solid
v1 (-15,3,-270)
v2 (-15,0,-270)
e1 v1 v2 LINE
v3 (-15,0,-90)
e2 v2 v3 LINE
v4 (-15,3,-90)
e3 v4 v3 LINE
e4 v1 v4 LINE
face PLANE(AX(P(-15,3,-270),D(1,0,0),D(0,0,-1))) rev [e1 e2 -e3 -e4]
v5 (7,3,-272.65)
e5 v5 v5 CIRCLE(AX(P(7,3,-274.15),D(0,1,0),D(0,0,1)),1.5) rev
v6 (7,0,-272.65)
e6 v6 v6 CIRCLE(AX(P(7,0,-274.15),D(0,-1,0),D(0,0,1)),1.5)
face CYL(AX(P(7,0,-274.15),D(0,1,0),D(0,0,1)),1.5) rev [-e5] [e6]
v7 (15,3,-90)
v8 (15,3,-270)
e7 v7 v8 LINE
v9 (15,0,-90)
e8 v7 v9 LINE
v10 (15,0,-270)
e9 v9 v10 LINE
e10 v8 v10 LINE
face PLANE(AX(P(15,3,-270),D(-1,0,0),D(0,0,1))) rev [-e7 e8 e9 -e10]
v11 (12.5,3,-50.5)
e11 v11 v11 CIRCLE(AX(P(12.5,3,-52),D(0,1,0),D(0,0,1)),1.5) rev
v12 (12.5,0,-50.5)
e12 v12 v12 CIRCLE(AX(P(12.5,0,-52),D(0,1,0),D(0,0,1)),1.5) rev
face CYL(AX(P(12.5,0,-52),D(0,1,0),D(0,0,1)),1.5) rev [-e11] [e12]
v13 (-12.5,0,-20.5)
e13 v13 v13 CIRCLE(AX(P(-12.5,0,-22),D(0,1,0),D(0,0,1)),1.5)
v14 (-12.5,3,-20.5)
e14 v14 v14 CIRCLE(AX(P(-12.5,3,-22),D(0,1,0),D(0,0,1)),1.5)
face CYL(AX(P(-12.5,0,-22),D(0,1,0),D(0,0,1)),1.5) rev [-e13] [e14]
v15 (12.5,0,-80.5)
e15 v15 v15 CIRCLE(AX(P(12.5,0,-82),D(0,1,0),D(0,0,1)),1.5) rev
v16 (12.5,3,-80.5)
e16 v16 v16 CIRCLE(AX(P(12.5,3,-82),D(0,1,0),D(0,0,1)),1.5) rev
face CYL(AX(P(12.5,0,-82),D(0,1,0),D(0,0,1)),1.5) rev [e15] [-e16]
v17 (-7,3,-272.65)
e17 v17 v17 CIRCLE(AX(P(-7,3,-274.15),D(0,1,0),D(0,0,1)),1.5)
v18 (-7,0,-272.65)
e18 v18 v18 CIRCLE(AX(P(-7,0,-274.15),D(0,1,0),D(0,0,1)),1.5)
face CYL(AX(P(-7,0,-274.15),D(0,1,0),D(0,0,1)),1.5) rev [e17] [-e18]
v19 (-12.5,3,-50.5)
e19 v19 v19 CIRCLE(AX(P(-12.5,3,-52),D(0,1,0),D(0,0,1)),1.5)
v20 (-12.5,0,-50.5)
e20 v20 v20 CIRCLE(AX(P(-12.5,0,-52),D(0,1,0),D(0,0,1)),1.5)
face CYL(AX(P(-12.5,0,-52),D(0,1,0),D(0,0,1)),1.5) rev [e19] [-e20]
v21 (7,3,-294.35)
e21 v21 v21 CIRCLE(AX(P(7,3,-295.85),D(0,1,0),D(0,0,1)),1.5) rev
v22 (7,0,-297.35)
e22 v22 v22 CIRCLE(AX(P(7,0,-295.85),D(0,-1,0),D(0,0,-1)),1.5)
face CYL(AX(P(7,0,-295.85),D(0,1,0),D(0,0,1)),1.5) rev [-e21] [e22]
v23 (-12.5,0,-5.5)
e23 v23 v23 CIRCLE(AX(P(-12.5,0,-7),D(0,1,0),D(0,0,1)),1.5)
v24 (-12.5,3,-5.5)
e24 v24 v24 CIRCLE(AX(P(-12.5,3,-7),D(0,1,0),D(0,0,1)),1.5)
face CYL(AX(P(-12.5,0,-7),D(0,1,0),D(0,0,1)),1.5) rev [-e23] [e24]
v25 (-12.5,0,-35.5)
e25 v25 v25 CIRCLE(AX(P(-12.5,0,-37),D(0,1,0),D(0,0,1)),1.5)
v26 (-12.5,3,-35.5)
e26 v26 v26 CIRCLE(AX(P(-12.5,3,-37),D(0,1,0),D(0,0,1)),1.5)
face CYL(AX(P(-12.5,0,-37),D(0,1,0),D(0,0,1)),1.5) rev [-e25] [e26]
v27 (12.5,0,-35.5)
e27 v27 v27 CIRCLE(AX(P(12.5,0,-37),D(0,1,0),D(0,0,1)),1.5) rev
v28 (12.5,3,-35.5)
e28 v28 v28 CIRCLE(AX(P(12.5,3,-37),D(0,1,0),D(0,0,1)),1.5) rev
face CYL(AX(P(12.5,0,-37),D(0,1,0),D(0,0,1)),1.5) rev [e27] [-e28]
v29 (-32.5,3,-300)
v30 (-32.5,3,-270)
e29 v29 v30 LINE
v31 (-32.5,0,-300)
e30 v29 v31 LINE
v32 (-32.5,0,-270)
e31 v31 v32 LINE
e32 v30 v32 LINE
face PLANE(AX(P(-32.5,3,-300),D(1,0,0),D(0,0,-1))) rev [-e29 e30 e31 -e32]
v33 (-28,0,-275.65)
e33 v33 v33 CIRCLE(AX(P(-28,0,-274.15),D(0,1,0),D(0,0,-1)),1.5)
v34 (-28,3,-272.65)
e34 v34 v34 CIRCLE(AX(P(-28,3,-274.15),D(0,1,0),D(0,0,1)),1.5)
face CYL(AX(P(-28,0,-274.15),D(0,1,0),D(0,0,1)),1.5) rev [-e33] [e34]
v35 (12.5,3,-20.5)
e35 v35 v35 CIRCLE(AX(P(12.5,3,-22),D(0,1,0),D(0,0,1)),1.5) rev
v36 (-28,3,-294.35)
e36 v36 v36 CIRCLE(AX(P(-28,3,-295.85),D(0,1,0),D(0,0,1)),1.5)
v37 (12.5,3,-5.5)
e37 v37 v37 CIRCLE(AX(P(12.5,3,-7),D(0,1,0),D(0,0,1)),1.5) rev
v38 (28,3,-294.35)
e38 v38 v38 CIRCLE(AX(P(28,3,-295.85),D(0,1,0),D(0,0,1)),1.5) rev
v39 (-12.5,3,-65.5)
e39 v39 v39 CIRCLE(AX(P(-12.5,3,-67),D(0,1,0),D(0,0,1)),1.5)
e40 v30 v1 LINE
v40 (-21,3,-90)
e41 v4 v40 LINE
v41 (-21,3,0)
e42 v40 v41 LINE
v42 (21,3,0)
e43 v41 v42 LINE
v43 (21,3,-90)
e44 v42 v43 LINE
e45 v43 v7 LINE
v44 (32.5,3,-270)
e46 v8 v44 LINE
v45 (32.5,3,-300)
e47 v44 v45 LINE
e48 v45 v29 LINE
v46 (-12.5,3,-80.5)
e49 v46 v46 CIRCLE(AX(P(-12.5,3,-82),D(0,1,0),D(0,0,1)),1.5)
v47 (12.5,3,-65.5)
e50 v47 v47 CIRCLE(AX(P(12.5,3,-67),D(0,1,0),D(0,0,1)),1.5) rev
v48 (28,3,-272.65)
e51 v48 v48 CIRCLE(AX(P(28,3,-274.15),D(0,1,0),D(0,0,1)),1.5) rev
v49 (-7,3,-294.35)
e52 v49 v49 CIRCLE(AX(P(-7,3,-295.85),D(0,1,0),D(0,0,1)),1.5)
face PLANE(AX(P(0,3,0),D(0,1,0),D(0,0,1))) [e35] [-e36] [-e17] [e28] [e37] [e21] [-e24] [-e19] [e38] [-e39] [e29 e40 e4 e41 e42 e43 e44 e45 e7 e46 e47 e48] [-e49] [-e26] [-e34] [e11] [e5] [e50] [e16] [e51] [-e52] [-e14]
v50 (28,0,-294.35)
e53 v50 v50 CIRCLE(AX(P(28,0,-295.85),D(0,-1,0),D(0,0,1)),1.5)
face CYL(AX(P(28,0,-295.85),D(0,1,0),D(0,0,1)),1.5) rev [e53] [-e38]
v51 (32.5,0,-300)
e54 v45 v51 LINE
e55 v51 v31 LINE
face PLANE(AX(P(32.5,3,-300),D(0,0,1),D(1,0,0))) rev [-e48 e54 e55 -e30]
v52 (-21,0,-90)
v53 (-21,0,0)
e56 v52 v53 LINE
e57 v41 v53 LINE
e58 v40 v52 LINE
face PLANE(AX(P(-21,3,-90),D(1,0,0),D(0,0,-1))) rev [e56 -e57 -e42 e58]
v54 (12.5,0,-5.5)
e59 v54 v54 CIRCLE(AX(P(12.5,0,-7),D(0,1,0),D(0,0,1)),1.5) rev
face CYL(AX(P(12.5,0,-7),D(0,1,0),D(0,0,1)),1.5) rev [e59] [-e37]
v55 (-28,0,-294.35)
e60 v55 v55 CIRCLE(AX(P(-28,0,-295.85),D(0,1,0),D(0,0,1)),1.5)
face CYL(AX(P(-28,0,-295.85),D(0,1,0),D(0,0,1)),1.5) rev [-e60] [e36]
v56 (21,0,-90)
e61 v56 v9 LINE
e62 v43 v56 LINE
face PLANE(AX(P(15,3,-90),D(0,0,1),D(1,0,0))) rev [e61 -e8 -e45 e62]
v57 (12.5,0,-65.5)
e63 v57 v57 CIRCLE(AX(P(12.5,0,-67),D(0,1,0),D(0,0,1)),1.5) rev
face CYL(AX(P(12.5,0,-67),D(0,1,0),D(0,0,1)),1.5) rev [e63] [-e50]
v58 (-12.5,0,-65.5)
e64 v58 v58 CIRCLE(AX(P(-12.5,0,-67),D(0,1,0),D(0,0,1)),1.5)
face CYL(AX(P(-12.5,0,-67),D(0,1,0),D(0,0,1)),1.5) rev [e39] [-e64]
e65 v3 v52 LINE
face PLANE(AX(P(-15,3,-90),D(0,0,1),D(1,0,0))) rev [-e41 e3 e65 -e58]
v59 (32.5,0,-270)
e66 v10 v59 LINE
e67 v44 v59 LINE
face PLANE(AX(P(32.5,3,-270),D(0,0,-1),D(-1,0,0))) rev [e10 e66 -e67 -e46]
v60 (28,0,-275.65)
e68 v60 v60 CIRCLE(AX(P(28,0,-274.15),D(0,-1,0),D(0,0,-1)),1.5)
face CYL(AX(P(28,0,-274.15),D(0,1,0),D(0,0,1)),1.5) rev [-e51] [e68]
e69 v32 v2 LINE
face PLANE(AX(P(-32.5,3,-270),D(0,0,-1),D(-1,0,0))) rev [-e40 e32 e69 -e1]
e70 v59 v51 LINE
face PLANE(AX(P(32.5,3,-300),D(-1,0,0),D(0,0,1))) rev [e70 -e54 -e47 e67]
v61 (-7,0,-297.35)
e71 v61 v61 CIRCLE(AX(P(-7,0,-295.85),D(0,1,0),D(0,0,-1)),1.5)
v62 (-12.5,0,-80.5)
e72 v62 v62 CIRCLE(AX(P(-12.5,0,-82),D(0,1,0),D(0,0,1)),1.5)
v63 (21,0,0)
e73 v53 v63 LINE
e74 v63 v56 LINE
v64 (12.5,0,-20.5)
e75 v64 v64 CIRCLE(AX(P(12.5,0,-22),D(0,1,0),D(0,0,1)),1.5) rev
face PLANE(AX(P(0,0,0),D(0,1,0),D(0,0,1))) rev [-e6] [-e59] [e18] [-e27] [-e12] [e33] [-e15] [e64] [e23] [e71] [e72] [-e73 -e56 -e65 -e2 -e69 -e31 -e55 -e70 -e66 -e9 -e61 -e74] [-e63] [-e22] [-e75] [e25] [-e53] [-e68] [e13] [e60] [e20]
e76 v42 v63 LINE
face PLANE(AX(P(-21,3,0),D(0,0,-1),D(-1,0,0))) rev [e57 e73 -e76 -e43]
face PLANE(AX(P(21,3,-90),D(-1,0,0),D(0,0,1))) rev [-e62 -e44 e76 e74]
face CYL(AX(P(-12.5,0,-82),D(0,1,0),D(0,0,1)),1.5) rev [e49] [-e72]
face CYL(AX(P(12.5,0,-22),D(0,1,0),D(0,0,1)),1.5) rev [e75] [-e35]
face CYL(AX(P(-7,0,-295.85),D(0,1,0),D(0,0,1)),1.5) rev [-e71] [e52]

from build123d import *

# Parameters (mm, degrees)
BOSS_EXTRUDE1_DEPTH = 3
SKETCH2_R           = 1.5
CUT_EXTRUDE1_DEPTH  = 302.770194022
SKETCH3_R           = 1.5
CUT_EXTRUDE2_DEPTH  = 302.770194022
LPATTERN1_COUNT     = 6
LPATTERN1_PITCH     = 15


with BuildPart() as part:
    # Sketch1 → Boss-Extrude1 (new body)
    with BuildSketch(Plane(origin=(0, 0, 0), x_dir=(1, 0, 0), z_dir=(0, 1, 0))):
        Polygon((32.5, 300), (-32.5, 300), (-32.5, 270), (-15, 270), (-15, 90), (-21, 90), (-21, 0), (21, 0), (21, 90), (15, 90), (15, 270), (32.5, 270), align=None)
    extrude(amount=BOSS_EXTRUDE1_DEPTH)

    # Sketch2 → Cut-Extrude1 (cut, symmetric)
    with BuildSketch(Plane(origin=(0, 3, 0), x_dir=(1, 0, 0), z_dir=(0, 1, 0))):
        with Locations(Location((-28, 295.85, 0), (0, 0, 270))):
            Circle(SKETCH2_R)
        with Locations(Location((-7, 295.85, 0), (0, 0, 270))):
            Circle(SKETCH2_R)
        with Locations(Location((-28, 274.15, 0), (0, 0, 270))):
            Circle(SKETCH2_R)
        with Locations(Location((-7, 274.15, 0), (0, 0, 270))):
            Circle(SKETCH2_R)
    cut_extrude1 = extrude(amount=CUT_EXTRUDE1_DEPTH, both=True, mode=Mode.SUBTRACT)

    # Mirror1: Cut-Extrude1 across plane
    add(cut_extrude1.mirror(Plane(origin=(0, 0, 0), x_dir=(0, 0, 1), z_dir=(1, 0, 0))), mode=Mode.SUBTRACT)

    # Sketch3 → Cut-Extrude2 (cut, symmetric)
    with BuildSketch(Plane(origin=(0, 3, 0), x_dir=(1, 0, 0), z_dir=(0, 1, 0))):
        with BuildLine():
            ThreePointArc((-11, 82), (-11.439339828, 83.060660172), (-12.5, 83.5))
            Line((-12.5, 83.5), (-12.5, 80.5))
            ThreePointArc((-12.5, 80.5), (-11.439339828, 80.939339828), (-11, 82))
        make_face()
        with BuildLine():
            Line((-12.5, 80.5), (-12.5, 83.5))
            ThreePointArc((-12.5, 83.5), (-14, 82), (-12.5, 80.5))
        make_face()
        with Locations(Location((12.5, 82, 0), (0, 0, 270))):
            Circle(SKETCH3_R)
    cut_extrude2 = extrude(amount=CUT_EXTRUDE2_DEPTH, both=True, mode=Mode.SUBTRACT)

    # LPattern1: Cut-Extrude2 ×6
    with Locations(*[(0, 0, i * LPATTERN1_PITCH) for i in range(1, LPATTERN1_COUNT)]):
        add(cut_extrude2, mode=Mode.SUBTRACT)


solid = part.part
